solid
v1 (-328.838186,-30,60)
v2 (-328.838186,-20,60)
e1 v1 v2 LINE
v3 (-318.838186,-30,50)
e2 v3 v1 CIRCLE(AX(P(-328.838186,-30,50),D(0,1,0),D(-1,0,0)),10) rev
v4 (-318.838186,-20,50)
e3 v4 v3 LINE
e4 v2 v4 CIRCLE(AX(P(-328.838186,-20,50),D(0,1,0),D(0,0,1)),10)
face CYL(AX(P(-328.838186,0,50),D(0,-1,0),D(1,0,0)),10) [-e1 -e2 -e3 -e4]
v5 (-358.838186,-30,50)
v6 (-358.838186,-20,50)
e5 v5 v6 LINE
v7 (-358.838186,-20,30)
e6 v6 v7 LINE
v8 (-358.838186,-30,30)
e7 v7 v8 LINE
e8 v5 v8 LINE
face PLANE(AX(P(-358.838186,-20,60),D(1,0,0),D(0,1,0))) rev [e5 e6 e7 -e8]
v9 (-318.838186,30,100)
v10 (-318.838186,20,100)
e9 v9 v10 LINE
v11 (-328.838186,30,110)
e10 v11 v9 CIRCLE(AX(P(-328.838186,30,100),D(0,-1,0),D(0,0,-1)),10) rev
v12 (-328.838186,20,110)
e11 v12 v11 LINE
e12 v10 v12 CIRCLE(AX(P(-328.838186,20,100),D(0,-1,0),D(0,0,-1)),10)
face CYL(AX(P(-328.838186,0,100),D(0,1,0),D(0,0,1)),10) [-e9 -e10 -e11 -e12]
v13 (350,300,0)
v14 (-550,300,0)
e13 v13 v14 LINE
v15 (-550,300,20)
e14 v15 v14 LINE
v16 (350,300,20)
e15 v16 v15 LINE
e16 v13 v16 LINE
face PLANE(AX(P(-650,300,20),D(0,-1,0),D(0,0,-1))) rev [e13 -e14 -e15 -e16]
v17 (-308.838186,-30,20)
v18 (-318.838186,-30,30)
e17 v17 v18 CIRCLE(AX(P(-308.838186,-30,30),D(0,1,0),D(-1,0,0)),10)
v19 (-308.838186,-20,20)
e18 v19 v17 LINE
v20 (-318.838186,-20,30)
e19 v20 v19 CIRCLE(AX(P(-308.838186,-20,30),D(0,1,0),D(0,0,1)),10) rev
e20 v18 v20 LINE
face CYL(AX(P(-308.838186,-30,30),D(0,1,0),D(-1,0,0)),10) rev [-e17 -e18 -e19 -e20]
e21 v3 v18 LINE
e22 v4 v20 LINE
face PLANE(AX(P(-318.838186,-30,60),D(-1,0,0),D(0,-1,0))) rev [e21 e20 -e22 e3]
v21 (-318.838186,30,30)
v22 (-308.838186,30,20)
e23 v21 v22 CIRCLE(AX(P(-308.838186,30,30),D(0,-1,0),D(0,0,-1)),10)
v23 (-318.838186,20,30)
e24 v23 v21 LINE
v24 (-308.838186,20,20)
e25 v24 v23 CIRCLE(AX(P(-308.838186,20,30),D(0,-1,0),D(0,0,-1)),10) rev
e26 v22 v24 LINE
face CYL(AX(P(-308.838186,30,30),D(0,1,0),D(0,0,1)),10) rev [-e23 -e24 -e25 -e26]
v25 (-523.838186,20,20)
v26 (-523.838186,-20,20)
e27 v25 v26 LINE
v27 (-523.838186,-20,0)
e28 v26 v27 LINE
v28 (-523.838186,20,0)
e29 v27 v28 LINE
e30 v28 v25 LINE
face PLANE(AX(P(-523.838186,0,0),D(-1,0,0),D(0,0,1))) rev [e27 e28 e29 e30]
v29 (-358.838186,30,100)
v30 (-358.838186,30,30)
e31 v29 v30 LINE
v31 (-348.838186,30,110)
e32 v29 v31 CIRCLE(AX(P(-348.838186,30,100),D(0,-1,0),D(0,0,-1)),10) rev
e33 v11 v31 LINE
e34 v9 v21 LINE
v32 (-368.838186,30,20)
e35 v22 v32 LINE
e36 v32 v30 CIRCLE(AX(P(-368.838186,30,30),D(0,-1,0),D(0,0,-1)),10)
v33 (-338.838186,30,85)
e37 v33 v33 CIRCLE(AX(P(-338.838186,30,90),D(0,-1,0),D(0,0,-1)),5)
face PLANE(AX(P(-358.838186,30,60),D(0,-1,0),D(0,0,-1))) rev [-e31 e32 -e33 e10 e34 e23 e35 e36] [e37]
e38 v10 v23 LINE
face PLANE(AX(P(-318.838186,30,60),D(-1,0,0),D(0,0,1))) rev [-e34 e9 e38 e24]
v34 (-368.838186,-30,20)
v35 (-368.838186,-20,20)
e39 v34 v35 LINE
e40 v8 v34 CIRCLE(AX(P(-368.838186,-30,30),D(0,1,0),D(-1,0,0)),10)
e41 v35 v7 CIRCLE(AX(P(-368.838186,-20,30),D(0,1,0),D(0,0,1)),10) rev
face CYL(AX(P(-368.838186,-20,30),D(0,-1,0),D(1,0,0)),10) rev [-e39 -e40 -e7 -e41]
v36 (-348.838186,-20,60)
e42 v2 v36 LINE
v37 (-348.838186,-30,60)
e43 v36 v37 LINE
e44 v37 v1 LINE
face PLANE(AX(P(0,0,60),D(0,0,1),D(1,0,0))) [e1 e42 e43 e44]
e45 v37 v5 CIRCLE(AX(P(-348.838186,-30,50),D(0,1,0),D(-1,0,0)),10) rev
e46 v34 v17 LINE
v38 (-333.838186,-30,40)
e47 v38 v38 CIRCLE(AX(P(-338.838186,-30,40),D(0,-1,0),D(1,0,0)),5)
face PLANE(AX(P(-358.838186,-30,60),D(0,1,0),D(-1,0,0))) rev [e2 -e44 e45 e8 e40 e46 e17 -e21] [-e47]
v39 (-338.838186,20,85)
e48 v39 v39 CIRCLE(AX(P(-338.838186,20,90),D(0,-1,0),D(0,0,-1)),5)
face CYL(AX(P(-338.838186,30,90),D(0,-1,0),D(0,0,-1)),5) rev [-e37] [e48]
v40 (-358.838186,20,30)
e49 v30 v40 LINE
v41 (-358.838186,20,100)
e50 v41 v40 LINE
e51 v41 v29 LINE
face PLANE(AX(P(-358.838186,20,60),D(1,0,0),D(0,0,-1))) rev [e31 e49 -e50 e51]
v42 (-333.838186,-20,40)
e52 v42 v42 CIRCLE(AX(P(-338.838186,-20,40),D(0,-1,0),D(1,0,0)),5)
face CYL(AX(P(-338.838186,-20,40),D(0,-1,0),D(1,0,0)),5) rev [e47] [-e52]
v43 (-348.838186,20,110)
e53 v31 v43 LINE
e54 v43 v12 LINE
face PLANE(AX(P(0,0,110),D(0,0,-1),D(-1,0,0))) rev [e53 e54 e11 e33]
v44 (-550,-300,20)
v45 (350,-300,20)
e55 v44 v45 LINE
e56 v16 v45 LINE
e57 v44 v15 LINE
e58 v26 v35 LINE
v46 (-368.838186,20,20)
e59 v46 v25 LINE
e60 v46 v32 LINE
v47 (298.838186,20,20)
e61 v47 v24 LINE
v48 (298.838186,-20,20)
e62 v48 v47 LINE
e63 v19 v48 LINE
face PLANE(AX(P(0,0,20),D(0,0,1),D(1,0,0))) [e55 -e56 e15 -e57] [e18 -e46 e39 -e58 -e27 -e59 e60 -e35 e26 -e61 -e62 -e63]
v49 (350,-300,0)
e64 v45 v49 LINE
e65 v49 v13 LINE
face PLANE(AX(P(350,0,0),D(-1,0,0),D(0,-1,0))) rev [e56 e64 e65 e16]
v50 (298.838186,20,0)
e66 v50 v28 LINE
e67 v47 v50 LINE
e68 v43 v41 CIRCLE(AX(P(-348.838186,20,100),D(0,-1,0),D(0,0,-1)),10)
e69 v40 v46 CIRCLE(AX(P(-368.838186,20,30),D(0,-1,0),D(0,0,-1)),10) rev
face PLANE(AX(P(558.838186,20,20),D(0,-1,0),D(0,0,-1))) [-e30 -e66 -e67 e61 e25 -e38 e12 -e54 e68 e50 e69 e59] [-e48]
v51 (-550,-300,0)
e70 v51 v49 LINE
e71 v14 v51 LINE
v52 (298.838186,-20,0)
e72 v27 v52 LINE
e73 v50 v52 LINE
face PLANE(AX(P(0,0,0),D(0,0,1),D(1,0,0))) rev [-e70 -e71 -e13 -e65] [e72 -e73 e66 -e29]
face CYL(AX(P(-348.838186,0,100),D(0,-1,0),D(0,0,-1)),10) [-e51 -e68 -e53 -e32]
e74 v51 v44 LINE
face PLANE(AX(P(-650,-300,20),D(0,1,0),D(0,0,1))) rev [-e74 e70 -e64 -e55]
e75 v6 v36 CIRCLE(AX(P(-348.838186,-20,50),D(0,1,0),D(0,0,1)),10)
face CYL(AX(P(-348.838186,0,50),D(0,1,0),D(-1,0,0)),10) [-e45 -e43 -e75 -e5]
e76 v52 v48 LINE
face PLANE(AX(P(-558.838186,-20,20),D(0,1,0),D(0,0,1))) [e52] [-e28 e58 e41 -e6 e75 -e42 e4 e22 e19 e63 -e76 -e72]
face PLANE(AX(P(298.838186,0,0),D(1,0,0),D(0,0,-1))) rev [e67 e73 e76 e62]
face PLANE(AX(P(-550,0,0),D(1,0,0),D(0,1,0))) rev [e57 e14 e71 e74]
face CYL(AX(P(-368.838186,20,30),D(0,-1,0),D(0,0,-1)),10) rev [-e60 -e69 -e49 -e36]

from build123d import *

# Parameters (mm, degrees)
SKETCH1_W           = 1300
SKETCH1_H           = 600
SKETCH1_W_2         = 1117.676372874
SKETCH1_H_2         = 40
BOSS_EXTRUDE1_DEPTH = 20
SKETCH2_W           = 40
SKETCH2_H           = 10
BOSS_EXTRUDE2_DEPTH = 40
SKETCH3_R           = 5
CUT_EXTRUDE1_DEPTH  = 10
SKETCH4_W           = 40
SKETCH4_H           = 10
BOSS_EXTRUDE3_DEPTH = 50
SKETCH5_R           = 5
CUT_EXTRUDE2_DEPTH  = 10
FILLET1_R           = 10
FILLET2_R           = 10
FILLET3_R           = 10
FILLET4_R           = 10
FILLET5_R           = 10
FILLET6_R           = 10
FILLET7_R           = 10
FILLET8_R           = 10
SKETCH6_W           = 20
SKETCH6_H           = 40
BOSS_EXTRUDE4_DEPTH = 260
SKETCH7_W           = 20
SKETCH7_H           = 40
BOSS_EXTRUDE5_DEPTH = 35
SKETCH8_W           = 20
SKETCH8_H           = 600
CUT_EXTRUDE3_DEPTH  = 100
SKETCH9_W           = 20
SKETCH9_H           = 600
CUT_EXTRUDE4_DEPTH  = 300


with BuildPart() as part:
    # Sketch1 → Boss-Extrude1 (new body)
    with BuildSketch(Plane.XY):
        Rectangle(SKETCH1_W, SKETCH1_H)
        Rectangle(SKETCH1_W_2, SKETCH1_H_2, mode=Mode.SUBTRACT)
    extrude(amount=BOSS_EXTRUDE1_DEPTH)

    # Sketch2 → Boss-Extrude2 (add)
    with BuildSketch(Plane.XY.offset(20)):
        with Locations((-338.838186437, 25)):
            Rectangle(SKETCH2_W, SKETCH2_H)
        with Locations((-338.838186437, -25)):
            Rectangle(SKETCH2_W, SKETCH2_H)
    extrude(amount=BOSS_EXTRUDE2_DEPTH)

    # Sketch3 → Cut-Extrude1 (cut)
    with BuildSketch(Plane.XZ.offset(30)):
        with Locations((-338.838186437, 40)):
            Circle(SKETCH3_R)
    extrude(amount=-CUT_EXTRUDE1_DEPTH, mode=Mode.SUBTRACT)

    # Sketch4 → Boss-Extrude3 (add)
    with BuildSketch(Plane.XY.offset(60)):
        with Locations((-338.838186437, 25)):
            Rectangle(SKETCH4_W, SKETCH4_H)
    extrude(amount=BOSS_EXTRUDE3_DEPTH)

    # Sketch5 → Cut-Extrude2 (cut)
    with BuildSketch(Plane.XZ.offset(-20)):
        with Locations(Location((-338.838186437, 90, 0), (0, 0, 270))):
            Circle(SKETCH5_R)
    extrude(amount=-CUT_EXTRUDE2_DEPTH, mode=Mode.SUBTRACT)

    # Fillet1
    fillet1_edges = [part.edges().sort_by_distance(p)[0] for p in [
        (-318.838186437, -25, 20),
    ]]
    fillet(fillet1_edges, radius=FILLET1_R)

    # Fillet2
    fillet2_edges = [part.edges().sort_by_distance(p)[0] for p in [
        (-318.838186437, 25, 20),
    ]]
    fillet(fillet2_edges, radius=FILLET2_R)

    # Fillet3
    fillet3_edges = [part.edges().sort_by_distance(p)[0] for p in [
        (-358.838186437, -25, 20),
    ]]
    fillet(fillet3_edges, radius=FILLET3_R)

    # Fillet4
    fillet4_edges = [part.edges().sort_by_distance(p)[0] for p in [
        (-358.838186437, 25, 20),
    ]]
    fillet(fillet4_edges, radius=FILLET4_R)

    # Fillet5
    fillet5_edges = [part.edges().sort_by_distance(p)[0] for p in [
        (-318.838186437, -25, 60),
    ]]
    fillet(fillet5_edges, radius=FILLET5_R)

    # Fillet6
    fillet6_edges = [part.edges().sort_by_distance(p)[0] for p in [
        (-358.838186437, -25, 60),
    ]]
    fillet(fillet6_edges, radius=FILLET6_R)

    # Fillet7
    fillet7_edges = [part.edges().sort_by_distance(p)[0] for p in [
        (-358.838186437, 25, 110),
    ]]
    fillet(fillet7_edges, radius=FILLET7_R)

    # Fillet8
    fillet8_edges = [part.edges().sort_by_distance(p)[0] for p in [
        (-318.838186437, 25, 110),
    ]]
    fillet(fillet8_edges, radius=FILLET8_R)

    # Sketch6 → Boss-Extrude4 (add)
    with BuildSketch(Plane.ZY.offset(-558.838186437)):
        with Locations((10, 0)):
            Rectangle(SKETCH6_W, SKETCH6_H)
    extrude(amount=BOSS_EXTRUDE4_DEPTH)

    # Sketch7 → Boss-Extrude5 (add)
    with BuildSketch(Plane(origin=(-558.838186437, 0, 0), x_dir=(0, 0, -1), z_dir=(1, 0, 0))):
        with Locations((-10, 0)):
            Rectangle(SKETCH7_W, SKETCH7_H)
    extrude(amount=BOSS_EXTRUDE5_DEPTH)

    # Sketch8 → Cut-Extrude3 (cut)
    with BuildSketch(Plane.ZY.offset(650)):
        with Locations((10, 0)):
            Rectangle(SKETCH8_W, SKETCH8_H)
    extrude(amount=-CUT_EXTRUDE3_DEPTH, mode=Mode.SUBTRACT)

    # Sketch9 → Cut-Extrude4 (cut)
    with BuildSketch(Plane(origin=(650, 0, 0), x_dir=(0, 0, -1), z_dir=(1, 0, 0))):
        with Locations((-10, 0)):
            Rectangle(SKETCH9_W, SKETCH9_H)
    extrude(amount=-CUT_EXTRUDE4_DEPTH, mode=Mode.SUBTRACT)


solid = part.part
